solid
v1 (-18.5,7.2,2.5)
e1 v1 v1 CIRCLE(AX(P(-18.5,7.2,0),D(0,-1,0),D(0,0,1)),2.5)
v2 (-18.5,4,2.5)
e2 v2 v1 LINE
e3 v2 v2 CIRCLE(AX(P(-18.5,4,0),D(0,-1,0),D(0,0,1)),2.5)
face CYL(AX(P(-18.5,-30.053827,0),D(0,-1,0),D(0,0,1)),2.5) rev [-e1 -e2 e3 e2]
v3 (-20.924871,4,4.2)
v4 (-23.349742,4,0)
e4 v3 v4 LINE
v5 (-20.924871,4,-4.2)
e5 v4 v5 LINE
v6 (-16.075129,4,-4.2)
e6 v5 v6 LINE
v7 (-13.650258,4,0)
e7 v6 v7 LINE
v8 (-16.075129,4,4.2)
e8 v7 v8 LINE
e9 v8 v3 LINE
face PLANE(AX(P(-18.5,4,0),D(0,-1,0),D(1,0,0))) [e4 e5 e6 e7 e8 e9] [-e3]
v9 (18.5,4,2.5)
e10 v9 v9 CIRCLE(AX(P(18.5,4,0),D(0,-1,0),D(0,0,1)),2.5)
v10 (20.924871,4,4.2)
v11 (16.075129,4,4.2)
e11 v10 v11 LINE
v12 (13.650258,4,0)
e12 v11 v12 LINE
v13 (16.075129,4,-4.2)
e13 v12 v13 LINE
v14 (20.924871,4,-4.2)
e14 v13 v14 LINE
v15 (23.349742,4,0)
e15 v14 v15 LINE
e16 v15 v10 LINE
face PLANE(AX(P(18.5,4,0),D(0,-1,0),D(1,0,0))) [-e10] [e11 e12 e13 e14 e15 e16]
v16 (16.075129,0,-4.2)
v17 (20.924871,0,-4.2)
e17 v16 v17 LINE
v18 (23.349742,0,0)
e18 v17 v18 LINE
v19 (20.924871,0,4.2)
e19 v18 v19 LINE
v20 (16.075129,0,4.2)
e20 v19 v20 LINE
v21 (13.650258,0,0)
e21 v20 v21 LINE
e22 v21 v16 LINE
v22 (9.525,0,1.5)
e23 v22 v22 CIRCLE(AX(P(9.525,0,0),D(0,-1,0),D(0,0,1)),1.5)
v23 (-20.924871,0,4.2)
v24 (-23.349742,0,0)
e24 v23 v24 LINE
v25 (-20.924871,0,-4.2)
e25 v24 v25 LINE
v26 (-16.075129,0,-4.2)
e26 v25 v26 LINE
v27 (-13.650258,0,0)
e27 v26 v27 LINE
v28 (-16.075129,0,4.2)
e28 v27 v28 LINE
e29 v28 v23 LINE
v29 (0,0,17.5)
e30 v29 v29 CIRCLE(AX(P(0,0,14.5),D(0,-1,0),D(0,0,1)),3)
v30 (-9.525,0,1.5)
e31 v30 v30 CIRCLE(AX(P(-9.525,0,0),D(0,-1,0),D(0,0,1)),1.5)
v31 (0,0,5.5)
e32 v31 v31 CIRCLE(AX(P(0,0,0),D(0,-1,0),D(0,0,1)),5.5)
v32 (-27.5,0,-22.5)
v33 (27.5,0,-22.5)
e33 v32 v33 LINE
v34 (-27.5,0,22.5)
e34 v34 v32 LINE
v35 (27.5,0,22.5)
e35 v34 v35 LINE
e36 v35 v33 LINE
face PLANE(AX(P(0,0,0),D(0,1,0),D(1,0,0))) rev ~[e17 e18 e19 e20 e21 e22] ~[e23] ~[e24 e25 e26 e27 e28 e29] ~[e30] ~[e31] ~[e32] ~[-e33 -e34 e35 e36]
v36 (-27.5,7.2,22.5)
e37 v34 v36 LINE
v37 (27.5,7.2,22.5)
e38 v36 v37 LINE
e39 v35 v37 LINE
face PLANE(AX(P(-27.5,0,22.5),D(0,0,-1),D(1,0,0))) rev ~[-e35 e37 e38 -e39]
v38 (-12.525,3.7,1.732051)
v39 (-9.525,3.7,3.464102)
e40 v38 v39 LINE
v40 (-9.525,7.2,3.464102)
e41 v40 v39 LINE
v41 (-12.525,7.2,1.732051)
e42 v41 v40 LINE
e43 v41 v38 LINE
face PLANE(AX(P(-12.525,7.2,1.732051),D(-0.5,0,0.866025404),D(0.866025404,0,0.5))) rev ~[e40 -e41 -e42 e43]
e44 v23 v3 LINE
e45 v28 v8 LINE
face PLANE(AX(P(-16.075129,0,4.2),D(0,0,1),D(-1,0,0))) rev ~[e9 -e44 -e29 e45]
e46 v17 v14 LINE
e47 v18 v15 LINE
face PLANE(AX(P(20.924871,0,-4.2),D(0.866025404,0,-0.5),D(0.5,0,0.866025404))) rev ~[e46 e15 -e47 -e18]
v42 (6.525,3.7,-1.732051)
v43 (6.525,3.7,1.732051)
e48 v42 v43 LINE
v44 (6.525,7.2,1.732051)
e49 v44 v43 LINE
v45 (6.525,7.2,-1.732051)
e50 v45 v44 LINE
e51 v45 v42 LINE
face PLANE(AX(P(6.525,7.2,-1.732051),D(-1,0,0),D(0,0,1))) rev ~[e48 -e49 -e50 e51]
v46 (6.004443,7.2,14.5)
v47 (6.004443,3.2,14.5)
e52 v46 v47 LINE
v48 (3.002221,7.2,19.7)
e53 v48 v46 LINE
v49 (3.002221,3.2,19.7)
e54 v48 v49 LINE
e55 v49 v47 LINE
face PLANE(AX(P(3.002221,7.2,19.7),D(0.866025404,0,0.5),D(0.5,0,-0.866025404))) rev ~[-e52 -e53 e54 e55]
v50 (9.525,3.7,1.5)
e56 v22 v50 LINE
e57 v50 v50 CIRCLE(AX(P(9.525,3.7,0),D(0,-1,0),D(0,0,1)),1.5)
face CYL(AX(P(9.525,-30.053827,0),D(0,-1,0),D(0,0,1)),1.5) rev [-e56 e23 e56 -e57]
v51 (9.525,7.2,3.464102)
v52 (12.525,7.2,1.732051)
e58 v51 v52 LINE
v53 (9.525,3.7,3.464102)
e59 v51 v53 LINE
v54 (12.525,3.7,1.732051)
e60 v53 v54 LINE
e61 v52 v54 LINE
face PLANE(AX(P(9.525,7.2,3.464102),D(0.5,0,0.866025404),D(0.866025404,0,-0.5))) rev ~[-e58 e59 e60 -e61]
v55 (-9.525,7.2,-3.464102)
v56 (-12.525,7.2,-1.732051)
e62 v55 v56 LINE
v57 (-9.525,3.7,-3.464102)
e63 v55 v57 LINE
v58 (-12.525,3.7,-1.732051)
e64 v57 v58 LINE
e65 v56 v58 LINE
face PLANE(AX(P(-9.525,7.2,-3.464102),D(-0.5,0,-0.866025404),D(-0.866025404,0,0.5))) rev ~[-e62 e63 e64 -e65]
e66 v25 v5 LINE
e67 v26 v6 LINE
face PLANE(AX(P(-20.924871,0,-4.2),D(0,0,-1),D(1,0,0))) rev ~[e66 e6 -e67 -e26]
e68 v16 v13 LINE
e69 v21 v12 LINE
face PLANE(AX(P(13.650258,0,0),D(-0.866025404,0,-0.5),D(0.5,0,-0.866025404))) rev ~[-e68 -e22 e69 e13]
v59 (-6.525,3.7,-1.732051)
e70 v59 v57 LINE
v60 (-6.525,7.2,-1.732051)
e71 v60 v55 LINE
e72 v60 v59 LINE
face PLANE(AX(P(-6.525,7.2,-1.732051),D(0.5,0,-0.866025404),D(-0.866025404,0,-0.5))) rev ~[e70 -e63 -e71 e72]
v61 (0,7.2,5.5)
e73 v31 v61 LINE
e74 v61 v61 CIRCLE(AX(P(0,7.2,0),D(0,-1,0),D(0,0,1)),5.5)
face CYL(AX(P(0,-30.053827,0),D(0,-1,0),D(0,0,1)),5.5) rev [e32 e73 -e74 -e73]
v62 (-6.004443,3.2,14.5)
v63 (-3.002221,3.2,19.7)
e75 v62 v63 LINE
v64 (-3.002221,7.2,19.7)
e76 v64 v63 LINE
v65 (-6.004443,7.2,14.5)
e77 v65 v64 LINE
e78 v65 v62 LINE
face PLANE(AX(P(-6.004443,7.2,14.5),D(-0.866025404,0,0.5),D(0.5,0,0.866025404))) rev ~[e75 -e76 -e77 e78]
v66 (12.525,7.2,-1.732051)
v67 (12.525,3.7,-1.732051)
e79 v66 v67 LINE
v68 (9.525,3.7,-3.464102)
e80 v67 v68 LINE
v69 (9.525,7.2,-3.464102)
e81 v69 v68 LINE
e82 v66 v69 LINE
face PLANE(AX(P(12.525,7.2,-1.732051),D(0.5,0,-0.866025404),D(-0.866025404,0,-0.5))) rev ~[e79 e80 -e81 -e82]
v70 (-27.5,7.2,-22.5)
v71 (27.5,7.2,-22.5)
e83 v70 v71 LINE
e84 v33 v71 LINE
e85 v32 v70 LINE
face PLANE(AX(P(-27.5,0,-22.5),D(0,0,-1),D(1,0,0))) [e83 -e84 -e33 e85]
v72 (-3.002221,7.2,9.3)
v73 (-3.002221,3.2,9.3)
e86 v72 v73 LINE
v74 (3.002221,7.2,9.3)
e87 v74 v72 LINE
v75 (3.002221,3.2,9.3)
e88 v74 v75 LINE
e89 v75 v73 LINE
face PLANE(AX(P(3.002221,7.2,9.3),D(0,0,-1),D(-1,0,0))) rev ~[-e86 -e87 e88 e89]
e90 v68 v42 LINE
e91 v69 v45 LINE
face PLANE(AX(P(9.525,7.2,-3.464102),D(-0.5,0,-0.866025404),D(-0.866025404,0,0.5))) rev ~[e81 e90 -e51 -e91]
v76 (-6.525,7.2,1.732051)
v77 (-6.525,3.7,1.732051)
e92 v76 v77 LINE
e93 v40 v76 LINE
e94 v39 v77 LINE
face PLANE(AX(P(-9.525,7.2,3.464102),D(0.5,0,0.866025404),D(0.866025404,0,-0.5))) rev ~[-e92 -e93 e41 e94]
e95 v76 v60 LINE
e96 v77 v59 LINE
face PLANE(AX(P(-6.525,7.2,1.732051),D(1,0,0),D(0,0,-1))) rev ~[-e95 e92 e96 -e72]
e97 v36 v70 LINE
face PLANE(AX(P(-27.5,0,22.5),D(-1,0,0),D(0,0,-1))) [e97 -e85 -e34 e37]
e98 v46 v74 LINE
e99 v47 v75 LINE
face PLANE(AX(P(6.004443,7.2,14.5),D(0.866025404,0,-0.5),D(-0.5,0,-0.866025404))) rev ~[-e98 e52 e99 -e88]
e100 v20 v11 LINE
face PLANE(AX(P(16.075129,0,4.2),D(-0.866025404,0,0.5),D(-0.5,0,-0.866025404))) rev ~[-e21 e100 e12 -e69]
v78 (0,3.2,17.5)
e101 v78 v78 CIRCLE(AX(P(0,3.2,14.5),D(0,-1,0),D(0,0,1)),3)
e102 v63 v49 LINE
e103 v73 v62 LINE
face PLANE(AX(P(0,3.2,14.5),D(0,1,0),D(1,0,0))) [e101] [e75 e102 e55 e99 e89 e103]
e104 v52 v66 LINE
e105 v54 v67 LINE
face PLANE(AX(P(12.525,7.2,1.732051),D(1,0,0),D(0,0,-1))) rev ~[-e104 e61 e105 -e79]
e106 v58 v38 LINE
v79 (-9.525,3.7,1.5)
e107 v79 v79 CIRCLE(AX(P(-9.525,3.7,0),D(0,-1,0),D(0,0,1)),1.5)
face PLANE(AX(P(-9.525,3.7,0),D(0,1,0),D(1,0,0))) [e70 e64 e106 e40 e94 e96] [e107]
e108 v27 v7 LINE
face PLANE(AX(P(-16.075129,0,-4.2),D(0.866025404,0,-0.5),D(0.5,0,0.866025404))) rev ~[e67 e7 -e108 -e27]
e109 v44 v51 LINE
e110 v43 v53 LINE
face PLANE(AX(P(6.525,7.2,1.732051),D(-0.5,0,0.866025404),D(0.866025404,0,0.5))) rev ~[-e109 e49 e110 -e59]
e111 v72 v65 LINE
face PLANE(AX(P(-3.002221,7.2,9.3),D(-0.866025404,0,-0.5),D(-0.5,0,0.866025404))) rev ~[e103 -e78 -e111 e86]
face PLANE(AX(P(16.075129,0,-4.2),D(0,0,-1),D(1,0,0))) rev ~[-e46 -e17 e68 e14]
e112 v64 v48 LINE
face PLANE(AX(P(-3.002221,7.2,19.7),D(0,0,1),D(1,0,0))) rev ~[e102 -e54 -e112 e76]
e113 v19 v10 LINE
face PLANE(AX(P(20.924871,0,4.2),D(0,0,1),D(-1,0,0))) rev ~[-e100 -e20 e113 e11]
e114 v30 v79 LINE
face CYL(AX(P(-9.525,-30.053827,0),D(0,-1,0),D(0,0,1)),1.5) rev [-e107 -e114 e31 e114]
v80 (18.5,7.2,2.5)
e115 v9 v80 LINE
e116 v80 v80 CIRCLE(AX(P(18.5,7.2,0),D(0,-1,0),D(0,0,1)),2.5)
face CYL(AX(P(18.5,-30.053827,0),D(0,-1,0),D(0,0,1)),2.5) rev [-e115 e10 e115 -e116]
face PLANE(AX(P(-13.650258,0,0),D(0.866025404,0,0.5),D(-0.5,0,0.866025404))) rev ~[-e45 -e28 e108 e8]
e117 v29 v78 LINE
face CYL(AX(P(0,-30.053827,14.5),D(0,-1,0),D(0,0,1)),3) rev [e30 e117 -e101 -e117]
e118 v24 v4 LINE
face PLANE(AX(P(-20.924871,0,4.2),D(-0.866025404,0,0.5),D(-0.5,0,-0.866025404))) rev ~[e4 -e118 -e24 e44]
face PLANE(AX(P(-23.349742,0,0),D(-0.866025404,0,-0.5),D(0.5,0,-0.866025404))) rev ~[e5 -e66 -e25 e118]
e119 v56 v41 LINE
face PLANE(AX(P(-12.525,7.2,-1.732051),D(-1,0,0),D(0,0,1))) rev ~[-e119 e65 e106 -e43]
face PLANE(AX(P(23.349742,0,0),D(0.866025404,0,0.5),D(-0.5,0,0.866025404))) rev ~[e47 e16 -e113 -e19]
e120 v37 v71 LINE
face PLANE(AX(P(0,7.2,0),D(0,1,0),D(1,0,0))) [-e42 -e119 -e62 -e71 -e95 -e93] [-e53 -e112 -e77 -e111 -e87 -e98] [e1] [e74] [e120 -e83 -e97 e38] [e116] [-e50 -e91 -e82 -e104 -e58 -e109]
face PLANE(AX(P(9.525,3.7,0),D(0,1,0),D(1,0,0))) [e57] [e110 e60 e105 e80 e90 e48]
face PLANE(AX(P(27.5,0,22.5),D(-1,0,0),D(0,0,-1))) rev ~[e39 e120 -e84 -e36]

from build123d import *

# Parameters (mm, degrees)
SKETCH1_W               = 55
SKETCH1_H               = 45
BOSS_EXTRUDE1_DEPTH     = 7.2
CUT_EXTRUDE1_DEPTH      = 37.253827384
CUT_EXTRUDE1_DEPTH_BACK = 37.253827384
SKETCH2_R               = 5.5
SKETCH2_R_2             = 2.5
SKETCH2_R_3             = 1.5
CUT_EXTRUDE2_DEPTH      = 3.5
CUT_EXTRUDE3_DEPTH      = 4
CUT_EXTRUDE4_DEPTH      = 37.253827384
CUT_EXTRUDE4_DEPTH_BACK = 37.253827384
SKETCH7_R               = 3
CUT_EXTRUDE5_DEPTH      = 4


with BuildPart() as part:
    # Sketch1 → Boss-Extrude1 (new body)
    with BuildSketch(Plane(origin=(0, 0, 0), x_dir=(1, 0, 0), z_dir=(0, 1, 0))):
        Rectangle(SKETCH1_W, SKETCH1_H)
    extrude(amount=BOSS_EXTRUDE1_DEPTH)

    # Sketch2 → Cut-Extrude1 (cut, two sides: drawn at the far end of the back side and taken through both)
    with BuildSketch(Plane(origin=(0, 7.2, 0), x_dir=(1, 0, 0), z_dir=(0, 1, 0)).offset(-CUT_EXTRUDE1_DEPTH_BACK)):
        with Locations(Location((0, 0, 0), (0, 0, 270))):
            Circle(SKETCH2_R)
        with Locations(Location((-18.5, 0, 0), (0, 0, 270))):
            Circle(SKETCH2_R_2)
        with Locations(Location((18.5, 0, 0), (0, 0, 270))):
            Circle(SKETCH2_R_2)
        with Locations(Location((-9.525, 0, 0), (0, 0, 270))):
            Circle(SKETCH2_R_3)
        with Locations(Location((9.525, 0, 0), (0, 0, 270))):
            Circle(SKETCH2_R_3)
    extrude(amount=CUT_EXTRUDE1_DEPTH + CUT_EXTRUDE1_DEPTH_BACK, mode=Mode.SUBTRACT)

    # Sketch3 → Cut-Extrude2 (cut)
    with BuildSketch(Plane(origin=(0, 7.2, 0), x_dir=(1, 0, 0), z_dir=(0, 1, 0))):
        Polygon((-9.525, 3.464101615), (-12.525, 1.732050808), (-12.525, -1.732050808), (-9.525, -3.464101615), (-6.525, -1.732050808), (-6.525, 1.732050808), align=None)
        Polygon((9.525, 3.464101615), (6.525, 1.732050808), (6.525, -1.732050808), (9.525, -3.464101615), (12.525, -1.732050808), (12.525, 1.732050808), align=None)
    extrude(amount=-CUT_EXTRUDE2_DEPTH, mode=Mode.SUBTRACT)

    # Sketch5 → Cut-Extrude3 (cut)
    with BuildSketch(Plane.XZ):
        Polygon((23.349742261, 0), (20.924871131, 4.2), (16.075128869, 4.2), (13.650257739, 0), (16.075128869, -4.2), (20.924871131, -4.2), align=None)
        Polygon((-13.650257739, 0), (-16.075128869, 4.2), (-20.924871131, 4.2), (-23.349742261, 0), (-20.924871131, -4.2), (-16.075128869, -4.2), align=None)
    extrude(amount=-CUT_EXTRUDE3_DEPTH, mode=Mode.SUBTRACT)

    # Sketch7 → Cut-Extrude4 (cut, two sides: drawn at the far end of the back side and taken through both)
    with BuildSketch(Plane(origin=(0, 7.2, 0), x_dir=(1, 0, 0), z_dir=(0, 1, 0)).offset(-CUT_EXTRUDE4_DEPTH_BACK)):
        with Locations(Location((0, -14.5, 0), (0, 0, 270))):
            Circle(SKETCH7_R)
    extrude(amount=CUT_EXTRUDE4_DEPTH + CUT_EXTRUDE4_DEPTH_BACK, mode=Mode.SUBTRACT)

    # Sketch8 → Cut-Extrude5 (cut)
    with BuildSketch(Plane(origin=(0, 7.2, 0), x_dir=(1, 0, 0), z_dir=(0, 1, 0))):
        Polygon((6.0044428, -14.5), (3.0022214, -9.3), (-3.0022214, -9.3), (-6.0044428, -14.5), (-3.0022214, -19.7), (3.0022214, -19.7), align=None)
    extrude(amount=-CUT_EXTRUDE5_DEPTH, mode=Mode.SUBTRACT)


solid = part.part
